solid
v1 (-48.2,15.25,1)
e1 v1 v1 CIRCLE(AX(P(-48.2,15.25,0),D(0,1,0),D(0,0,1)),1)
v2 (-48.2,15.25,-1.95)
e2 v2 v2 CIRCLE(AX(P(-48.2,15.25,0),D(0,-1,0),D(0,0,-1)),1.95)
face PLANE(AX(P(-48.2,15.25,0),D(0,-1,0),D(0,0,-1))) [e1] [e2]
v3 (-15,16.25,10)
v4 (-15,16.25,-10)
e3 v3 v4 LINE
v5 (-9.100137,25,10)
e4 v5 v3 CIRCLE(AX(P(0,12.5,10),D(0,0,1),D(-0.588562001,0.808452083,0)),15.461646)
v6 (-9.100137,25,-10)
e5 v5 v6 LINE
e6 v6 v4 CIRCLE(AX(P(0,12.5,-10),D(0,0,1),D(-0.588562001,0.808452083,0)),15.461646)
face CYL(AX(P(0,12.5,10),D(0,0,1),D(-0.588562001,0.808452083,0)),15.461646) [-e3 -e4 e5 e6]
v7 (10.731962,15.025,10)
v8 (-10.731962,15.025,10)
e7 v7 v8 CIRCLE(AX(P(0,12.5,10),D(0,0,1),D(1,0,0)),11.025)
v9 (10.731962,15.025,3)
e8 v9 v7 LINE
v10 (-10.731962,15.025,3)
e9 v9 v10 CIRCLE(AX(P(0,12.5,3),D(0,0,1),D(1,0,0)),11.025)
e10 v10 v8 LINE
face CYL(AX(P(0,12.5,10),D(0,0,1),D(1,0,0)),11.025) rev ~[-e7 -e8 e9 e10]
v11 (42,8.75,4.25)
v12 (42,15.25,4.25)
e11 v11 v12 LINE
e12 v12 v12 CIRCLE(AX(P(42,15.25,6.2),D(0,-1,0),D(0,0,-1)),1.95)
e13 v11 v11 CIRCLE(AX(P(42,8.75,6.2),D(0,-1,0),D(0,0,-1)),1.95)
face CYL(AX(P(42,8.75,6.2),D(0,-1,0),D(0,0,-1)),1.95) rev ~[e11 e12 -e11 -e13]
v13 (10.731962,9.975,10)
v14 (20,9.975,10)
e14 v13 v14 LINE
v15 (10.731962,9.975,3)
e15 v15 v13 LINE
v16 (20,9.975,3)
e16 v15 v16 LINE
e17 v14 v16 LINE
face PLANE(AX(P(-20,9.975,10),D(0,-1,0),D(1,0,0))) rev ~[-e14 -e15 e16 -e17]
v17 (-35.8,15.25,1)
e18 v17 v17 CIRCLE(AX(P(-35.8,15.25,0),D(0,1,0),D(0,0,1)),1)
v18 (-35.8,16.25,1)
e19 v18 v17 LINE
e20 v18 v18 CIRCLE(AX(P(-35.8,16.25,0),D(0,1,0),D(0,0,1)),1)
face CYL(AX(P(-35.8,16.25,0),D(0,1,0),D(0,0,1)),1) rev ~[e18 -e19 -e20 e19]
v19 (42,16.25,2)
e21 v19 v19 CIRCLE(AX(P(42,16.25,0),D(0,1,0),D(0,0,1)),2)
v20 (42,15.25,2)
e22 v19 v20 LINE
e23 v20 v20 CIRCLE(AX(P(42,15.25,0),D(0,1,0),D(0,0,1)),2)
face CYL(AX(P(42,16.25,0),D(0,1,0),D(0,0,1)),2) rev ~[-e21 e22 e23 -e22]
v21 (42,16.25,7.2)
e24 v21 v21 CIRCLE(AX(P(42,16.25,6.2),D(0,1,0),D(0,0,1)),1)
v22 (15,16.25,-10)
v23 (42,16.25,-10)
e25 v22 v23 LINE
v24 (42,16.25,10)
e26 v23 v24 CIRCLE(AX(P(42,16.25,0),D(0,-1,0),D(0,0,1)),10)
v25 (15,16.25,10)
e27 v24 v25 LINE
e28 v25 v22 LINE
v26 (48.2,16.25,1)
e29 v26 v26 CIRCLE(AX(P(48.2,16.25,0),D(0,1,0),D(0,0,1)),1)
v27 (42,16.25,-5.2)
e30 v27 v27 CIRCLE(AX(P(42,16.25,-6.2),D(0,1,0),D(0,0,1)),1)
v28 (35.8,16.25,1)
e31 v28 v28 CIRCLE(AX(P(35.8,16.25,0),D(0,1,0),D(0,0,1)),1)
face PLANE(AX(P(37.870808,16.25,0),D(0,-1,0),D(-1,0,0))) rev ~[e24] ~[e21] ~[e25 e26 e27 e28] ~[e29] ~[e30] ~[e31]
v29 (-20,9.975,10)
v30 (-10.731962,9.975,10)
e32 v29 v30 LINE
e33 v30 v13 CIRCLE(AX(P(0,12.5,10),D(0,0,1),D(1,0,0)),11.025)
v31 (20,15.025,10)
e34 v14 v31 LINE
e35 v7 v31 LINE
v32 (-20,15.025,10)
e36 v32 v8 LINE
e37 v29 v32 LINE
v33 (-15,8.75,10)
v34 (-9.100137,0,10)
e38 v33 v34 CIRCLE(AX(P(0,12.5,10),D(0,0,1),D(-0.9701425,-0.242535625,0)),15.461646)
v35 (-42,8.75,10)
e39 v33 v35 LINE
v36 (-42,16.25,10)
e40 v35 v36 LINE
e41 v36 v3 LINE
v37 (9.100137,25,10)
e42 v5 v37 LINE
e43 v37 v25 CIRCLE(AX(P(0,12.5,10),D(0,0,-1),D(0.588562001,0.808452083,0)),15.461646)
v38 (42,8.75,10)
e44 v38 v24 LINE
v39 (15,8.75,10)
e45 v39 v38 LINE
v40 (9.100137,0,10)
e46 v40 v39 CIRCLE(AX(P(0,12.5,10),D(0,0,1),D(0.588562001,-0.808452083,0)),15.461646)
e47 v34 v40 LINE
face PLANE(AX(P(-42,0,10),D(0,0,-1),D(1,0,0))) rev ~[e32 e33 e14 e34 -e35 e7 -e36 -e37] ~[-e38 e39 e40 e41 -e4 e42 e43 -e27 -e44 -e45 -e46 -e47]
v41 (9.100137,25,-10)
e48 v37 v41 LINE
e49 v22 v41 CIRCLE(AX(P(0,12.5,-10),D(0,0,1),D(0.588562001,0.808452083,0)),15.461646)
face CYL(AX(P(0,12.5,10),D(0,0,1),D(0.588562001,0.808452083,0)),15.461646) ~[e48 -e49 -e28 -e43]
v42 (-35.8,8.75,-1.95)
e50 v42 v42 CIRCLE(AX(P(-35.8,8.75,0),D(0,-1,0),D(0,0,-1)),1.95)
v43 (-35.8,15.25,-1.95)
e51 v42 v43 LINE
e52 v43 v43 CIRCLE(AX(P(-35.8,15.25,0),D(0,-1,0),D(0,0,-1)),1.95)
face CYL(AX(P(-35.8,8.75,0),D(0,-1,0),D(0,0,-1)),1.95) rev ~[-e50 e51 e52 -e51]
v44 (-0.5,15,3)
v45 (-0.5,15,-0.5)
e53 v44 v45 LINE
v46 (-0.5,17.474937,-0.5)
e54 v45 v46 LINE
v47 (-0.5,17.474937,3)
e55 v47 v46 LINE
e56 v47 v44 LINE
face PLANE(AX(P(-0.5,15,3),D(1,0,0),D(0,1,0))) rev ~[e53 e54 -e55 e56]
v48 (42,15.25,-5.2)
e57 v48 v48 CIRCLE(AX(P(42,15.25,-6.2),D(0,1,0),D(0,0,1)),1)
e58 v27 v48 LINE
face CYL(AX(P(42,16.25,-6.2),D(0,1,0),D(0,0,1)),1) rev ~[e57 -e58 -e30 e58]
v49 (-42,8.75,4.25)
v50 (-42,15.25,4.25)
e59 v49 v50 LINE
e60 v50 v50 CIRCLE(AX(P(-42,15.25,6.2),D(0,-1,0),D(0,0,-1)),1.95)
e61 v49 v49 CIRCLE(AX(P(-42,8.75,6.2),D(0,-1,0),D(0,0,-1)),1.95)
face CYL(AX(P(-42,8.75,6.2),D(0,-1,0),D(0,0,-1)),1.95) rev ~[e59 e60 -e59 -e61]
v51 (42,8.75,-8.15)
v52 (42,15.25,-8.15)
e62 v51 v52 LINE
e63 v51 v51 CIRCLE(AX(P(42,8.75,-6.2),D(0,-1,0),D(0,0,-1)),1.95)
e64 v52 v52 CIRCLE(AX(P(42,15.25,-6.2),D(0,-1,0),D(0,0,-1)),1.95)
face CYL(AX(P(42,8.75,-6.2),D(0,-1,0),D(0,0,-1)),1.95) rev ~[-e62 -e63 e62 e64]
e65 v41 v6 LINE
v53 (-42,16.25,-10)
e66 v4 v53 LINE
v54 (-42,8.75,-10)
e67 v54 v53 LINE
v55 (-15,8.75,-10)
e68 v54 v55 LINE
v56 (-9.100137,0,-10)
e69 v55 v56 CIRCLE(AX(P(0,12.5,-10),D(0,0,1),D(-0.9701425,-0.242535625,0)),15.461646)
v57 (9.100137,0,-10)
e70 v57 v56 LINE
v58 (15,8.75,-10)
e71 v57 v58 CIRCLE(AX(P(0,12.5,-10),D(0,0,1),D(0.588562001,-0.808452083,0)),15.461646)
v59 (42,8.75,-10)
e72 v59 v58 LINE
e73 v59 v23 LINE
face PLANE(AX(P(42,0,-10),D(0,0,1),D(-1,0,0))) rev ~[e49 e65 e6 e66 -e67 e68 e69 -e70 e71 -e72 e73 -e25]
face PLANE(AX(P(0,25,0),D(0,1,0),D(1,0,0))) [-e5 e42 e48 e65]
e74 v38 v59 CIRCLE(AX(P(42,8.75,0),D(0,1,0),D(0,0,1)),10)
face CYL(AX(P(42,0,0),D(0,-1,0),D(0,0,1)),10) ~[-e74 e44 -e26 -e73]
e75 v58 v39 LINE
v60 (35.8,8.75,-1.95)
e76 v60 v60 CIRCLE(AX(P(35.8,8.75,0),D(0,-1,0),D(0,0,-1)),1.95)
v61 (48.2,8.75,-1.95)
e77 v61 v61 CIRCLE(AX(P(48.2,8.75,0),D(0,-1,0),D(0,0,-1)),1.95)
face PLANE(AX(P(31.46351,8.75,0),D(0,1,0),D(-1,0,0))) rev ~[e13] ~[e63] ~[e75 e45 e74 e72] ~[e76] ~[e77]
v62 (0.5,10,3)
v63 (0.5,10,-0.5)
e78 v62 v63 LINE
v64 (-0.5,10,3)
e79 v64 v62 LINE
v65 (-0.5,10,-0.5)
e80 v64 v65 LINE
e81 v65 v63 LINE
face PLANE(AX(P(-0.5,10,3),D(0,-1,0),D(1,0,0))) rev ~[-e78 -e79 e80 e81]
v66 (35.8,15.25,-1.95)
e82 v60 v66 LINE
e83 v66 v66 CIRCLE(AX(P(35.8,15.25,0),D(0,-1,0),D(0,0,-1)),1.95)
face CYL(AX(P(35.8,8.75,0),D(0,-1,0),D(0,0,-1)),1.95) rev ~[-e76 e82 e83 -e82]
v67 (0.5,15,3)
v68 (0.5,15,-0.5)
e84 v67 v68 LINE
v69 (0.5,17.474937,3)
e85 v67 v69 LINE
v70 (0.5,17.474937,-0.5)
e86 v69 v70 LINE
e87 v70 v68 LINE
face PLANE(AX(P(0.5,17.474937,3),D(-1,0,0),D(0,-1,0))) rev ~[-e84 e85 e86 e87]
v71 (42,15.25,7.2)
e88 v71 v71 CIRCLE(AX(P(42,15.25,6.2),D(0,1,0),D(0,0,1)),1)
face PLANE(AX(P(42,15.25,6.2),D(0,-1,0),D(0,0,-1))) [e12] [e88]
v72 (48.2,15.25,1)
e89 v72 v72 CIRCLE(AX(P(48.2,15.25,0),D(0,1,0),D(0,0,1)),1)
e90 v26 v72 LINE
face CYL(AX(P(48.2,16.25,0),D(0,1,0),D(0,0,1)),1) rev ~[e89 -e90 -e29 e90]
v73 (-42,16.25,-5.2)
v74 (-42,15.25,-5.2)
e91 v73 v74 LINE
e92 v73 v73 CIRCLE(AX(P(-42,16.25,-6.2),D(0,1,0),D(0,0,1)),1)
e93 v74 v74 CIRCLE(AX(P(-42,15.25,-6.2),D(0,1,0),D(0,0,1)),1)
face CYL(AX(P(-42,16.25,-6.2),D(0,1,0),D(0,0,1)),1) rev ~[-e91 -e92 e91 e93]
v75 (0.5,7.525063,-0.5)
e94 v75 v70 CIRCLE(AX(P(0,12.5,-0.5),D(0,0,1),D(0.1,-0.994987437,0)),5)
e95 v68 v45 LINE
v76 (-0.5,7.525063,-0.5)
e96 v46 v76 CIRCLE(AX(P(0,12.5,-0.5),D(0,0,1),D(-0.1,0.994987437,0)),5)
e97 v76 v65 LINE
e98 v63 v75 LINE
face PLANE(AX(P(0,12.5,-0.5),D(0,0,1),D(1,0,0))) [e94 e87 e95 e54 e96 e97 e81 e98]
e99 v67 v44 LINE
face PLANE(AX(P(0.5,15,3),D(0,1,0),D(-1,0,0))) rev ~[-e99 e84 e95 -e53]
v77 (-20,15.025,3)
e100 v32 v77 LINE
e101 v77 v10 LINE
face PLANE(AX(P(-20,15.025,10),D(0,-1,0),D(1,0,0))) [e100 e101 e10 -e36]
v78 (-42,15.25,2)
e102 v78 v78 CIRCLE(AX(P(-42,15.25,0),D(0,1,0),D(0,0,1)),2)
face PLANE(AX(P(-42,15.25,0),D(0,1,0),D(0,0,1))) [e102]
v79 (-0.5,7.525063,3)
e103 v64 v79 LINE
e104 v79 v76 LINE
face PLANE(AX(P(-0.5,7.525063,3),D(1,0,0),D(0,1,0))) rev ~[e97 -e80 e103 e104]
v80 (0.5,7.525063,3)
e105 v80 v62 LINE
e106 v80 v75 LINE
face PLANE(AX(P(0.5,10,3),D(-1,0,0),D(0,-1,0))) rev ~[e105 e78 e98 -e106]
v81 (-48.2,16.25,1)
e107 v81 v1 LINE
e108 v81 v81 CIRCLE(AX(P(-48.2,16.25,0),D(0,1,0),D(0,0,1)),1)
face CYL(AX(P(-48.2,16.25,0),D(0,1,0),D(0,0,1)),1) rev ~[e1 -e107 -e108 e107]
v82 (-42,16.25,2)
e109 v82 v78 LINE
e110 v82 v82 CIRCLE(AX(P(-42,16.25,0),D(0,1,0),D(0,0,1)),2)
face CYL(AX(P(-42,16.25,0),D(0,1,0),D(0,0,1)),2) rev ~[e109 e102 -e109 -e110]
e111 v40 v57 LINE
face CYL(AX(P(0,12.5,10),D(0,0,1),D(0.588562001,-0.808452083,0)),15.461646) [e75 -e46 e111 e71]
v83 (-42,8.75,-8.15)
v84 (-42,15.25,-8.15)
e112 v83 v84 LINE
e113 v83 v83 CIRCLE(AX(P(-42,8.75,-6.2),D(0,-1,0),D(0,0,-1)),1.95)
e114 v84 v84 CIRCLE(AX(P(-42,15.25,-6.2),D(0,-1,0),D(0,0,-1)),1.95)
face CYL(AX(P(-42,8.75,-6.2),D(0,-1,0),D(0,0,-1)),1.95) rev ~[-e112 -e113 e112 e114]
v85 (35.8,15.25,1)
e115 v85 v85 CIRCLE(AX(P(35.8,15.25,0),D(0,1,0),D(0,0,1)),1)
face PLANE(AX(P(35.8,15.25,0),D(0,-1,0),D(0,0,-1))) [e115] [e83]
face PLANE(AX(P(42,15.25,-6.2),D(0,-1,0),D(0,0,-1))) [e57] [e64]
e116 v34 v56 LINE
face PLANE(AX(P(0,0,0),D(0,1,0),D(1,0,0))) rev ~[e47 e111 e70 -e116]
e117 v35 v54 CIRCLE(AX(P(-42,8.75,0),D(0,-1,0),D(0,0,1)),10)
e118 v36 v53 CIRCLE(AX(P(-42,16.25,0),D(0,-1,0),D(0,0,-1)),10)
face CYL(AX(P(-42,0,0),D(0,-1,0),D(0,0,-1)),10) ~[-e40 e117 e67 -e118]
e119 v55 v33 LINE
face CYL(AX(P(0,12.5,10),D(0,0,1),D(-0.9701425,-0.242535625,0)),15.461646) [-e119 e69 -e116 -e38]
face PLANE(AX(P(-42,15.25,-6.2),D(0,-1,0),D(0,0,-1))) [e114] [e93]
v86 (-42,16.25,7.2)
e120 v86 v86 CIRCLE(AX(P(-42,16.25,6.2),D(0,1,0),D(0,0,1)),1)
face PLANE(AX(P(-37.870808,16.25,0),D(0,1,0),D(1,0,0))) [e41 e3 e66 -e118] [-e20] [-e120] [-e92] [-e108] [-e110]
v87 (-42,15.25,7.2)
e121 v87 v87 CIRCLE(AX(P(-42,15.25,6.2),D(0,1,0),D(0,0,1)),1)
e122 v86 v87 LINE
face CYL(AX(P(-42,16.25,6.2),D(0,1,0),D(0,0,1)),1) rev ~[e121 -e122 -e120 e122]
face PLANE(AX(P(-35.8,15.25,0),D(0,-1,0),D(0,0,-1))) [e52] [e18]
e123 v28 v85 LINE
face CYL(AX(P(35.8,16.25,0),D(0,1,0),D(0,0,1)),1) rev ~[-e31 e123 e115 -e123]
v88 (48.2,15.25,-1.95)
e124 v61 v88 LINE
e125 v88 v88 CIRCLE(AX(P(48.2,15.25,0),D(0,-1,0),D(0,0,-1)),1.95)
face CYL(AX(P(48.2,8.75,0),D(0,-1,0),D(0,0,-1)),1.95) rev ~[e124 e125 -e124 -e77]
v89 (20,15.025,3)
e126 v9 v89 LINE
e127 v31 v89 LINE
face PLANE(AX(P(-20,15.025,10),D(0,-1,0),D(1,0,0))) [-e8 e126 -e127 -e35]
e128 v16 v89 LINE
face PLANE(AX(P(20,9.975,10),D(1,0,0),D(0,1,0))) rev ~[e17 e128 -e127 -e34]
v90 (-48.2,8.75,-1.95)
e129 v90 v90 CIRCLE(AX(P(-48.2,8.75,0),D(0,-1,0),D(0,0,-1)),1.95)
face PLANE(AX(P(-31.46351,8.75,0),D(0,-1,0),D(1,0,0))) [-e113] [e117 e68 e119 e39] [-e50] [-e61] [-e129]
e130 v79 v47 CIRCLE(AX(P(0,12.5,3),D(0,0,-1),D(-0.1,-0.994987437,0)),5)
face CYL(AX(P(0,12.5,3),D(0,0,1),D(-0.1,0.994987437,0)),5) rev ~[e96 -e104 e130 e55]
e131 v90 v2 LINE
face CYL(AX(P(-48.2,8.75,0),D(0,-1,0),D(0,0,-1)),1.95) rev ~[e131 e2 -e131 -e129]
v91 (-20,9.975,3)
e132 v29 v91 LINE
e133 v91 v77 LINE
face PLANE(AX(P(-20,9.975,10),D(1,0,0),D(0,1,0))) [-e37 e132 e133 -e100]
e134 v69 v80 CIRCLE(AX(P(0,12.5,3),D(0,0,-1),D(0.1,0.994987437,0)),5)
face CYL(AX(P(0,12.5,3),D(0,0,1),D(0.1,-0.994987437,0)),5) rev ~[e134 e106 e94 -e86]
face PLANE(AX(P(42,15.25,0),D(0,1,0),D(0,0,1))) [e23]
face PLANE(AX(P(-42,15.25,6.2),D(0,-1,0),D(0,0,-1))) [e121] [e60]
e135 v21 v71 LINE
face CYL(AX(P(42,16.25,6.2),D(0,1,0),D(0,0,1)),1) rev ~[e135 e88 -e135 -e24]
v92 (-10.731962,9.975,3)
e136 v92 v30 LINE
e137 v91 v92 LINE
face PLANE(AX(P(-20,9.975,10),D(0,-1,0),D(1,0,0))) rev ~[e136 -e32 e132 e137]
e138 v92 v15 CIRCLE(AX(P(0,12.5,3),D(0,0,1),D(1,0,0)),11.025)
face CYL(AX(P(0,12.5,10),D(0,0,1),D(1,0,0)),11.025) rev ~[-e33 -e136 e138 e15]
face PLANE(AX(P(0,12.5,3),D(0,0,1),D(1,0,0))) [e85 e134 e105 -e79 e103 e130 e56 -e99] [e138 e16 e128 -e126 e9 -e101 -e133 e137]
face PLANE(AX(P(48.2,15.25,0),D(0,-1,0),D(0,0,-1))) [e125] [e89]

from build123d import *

# Parameters (mm, degrees)
BOSS_EXTRUDE1_DEPTH = 25
SKETCH2_R           = 11.025
CUT_EXTRUDE1_DEPTH  = 7
CUT_EXTRUDE3_DEPTH  = 8.75
CUT_EXTRUDE5_DEPTH  = 8.75
SKETCH5_R           = 1
CUT_EXTRUDE6_DEPTH  = 7.5
SKETCH6_R           = 1.95
CUT_EXTRUDE7_DEPTH  = 6.5
SKETCH7_R           = 2
CUT_EXTRUDE8_DEPTH  = 1
CUT_EXTRUDE9_DEPTH  = 62.065538563
CUT_EXTRUDE10_DEPTH = 3.5
SKETCH10_W          = 40
SKETCH10_H          = 5.05
CUT_EXTRUDE11_DEPTH = 7


with BuildPart() as part:
    # Sketch1 → Boss-Extrude1 (new body)
    with BuildSketch(Plane(origin=(0, 0, 0), x_dir=(1, 0, 0), z_dir=(0, 1, 0))):
        with BuildLine():
            Line((-42, -10), (42, -10))
            ThreePointArc((42, -10), (52, 0), (42, 10))
            Line((42, 10), (-42, 10))
            ThreePointArc((-42, 10), (-52, 0), (-42, -10))
        make_face()
    extrude(amount=BOSS_EXTRUDE1_DEPTH)

    # Sketch2 → Cut-Extrude1 (cut)
    with BuildSketch(Plane.XY.offset(10)):
        with Locations((0, 12.5)):
            Circle(SKETCH2_R)
    extrude(amount=-CUT_EXTRUDE1_DEPTH, mode=Mode.SUBTRACT)

    # Sketch3 → Cut-Extrude3 (cut)
    with BuildSketch(Plane.XZ):
        with BuildLine():
            Line((15, -10), (15, 10))
            Line((15, 10), (42, 10))
            ThreePointArc((42, 10), (52, 0), (42, -10))
            Line((42, -10), (15, -10))
        make_face()
        with BuildLine():
            Line((-15, -10), (-15, 10))
            Line((-15, 10), (-42, 10))
            ThreePointArc((-42, 10), (-52, 0), (-42, -10))
            Line((-42, -10), (-15, -10))
        make_face()
    extrude(amount=-CUT_EXTRUDE3_DEPTH, mode=Mode.SUBTRACT)

    # Sketch4 → Cut-Extrude5 (cut)
    with BuildSketch(Plane(origin=(0, 25, 0), x_dir=(1, 0, 0), z_dir=(0, 1, 0))):
        with BuildLine():
            Line((15, -10), (15, 10))
            Line((15, 10), (55, 10))
            ThreePointArc((55, 10), (65, 0), (55, -10))
            Line((55, -10), (15, -10))
        make_face()
        with BuildLine():
            Line((-15, -10), (-15, 10))
            Line((-15, 10), (-55, 10))
            ThreePointArc((-55, 10), (-65, 0), (-55, -10))
            Line((-55, -10), (-15, -10))
        make_face()
    extrude(amount=-CUT_EXTRUDE5_DEPTH, mode=Mode.SUBTRACT)

    # Sketch5 → Cut-Extrude6 (cut)
    with BuildSketch(Plane(origin=(0, 16.25, 0), x_dir=(1, 0, 0), z_dir=(0, 1, 0))):
        with Locations(Location((-42, 6.2, 0), (0, 0, 270))):
            Circle(SKETCH5_R)
        with Locations(Location((-35.8, 0, 0), (0, 0, 270))):
            Circle(SKETCH5_R)
        with Locations(Location((-42, -6.2, 0), (0, 0, 270))):
            Circle(SKETCH5_R)
        with Locations(Location((-48.2, 0, 0), (0, 0, 270))):
            Circle(SKETCH5_R)
        with Locations(Location((42, 6.2, 0), (0, 0, 270))):
            Circle(SKETCH5_R)
        with Locations(Location((48.2, 0, 0), (0, 0, 270))):
            Circle(SKETCH5_R)
        with Locations(Location((42, -6.2, 0), (0, 0, 270))):
            Circle(SKETCH5_R)
        with Locations(Location((35.8, 0, 0), (0, 0, 270))):
            Circle(SKETCH5_R)
    extrude(amount=-CUT_EXTRUDE6_DEPTH, mode=Mode.SUBTRACT)

    # Sketch6 → Cut-Extrude7 (cut)
    with BuildSketch(Plane.XZ.offset(-8.75)):
        with Locations(Location((-42, 6.2, 0), (0, 0, 270))):
            Circle(SKETCH6_R)
        with Locations(Location((-35.8, 0, 0), (0, 0, 270))):
            Circle(SKETCH6_R)
        with Locations(Location((-48.2, 0, 0), (0, 0, 270))):
            Circle(SKETCH6_R)
        with Locations(Location((-42, -6.2, 0), (0, 0, 270))):
            Circle(SKETCH6_R)
        with Locations(Location((42, 6.2, 0), (0, 0, 270))):
            Circle(SKETCH6_R)
        with Locations(Location((48.2, 0, 0), (0, 0, 270))):
            Circle(SKETCH6_R)
        with Locations(Location((35.8, 0, 0), (0, 0, 270))):
            Circle(SKETCH6_R)
        with Locations(Location((42, -6.2, 0), (0, 0, 270))):
            Circle(SKETCH6_R)
    extrude(amount=-CUT_EXTRUDE7_DEPTH, mode=Mode.SUBTRACT)

    # Sketch7 → Cut-Extrude8 (cut)
    with BuildSketch(Plane(origin=(0, 16.25, 0), x_dir=(1, 0, 0), z_dir=(0, 1, 0))):
        with Locations(Location((-42, 0, 0), (0, 0, 270))):
            Circle(SKETCH7_R)
        with Locations(Location((42, 0, 0), (0, 0, 270))):
            Circle(SKETCH7_R)
    extrude(amount=-CUT_EXTRUDE8_DEPTH, mode=Mode.SUBTRACT)

    # Sketch8 → Cut-Extrude9 (cut, through all)
    with BuildSketch(Plane.XY.offset(10)):
        with BuildLine():
            Line((-15, 16.25), (-15, 25))
            Line((-15, 25), (-9.100137362, 25))
            ThreePointArc((-9.100137362, 25), (-12.819702813, 21.143941218), (-15, 16.25))
        make_face()
        with BuildLine():
            Line((15, 0), (9.100137362, 0))
            ThreePointArc((9.100137362, 0), (12.819702813, 3.856058782), (15, 8.75))
            Line((15, 8.75), (15, 0))
        make_face()
        with BuildLine():
            Line((15, 25), (9.100137362, 25))
            ThreePointArc((9.100137362, 25), (12.819702813, 21.143941218), (15, 16.25))
            Line((15, 16.25), (15, 25))
        make_face()
        with BuildLine():
            Line((-15, 0), (-15, 8.75))
            ThreePointArc((-15, 8.75), (-12.819702813, 3.856058782), (-9.100137362, 0))
            Line((-9.100137362, 0), (-15, 0))
        make_face()
    extrude(amount=-CUT_EXTRUDE9_DEPTH, mode=Mode.SUBTRACT)

    # Sketch9 → Cut-Extrude10 (cut)
    with BuildSketch(Plane.XY.offset(3)):
        with BuildLine():
            Line((0.5, 10), (0.5, 7.525062814))
            ThreePointArc((0.5, 7.525062814), (5, 12.5), (0.5, 17.474937186))
            Line((0.5, 17.474937186), (0.5, 15))
            Line((0.5, 15), (-0.5, 15))
            Line((-0.5, 15), (-0.5, 17.474937186))
            ThreePointArc((-0.5, 17.474937186), (-5, 12.5), (-0.5, 7.525062814))
            Line((-0.5, 7.525062814), (-0.5, 10))
            Line((-0.5, 10), (0.5, 10))
        make_face()
    extrude(amount=-CUT_EXTRUDE10_DEPTH, mode=Mode.SUBTRACT)

    # Sketch10 → Cut-Extrude11 (cut)
    with BuildSketch(Plane.XY.offset(10)):
        with Locations((0, 12.5)):
            Rectangle(SKETCH10_W, SKETCH10_H)
    extrude(amount=-CUT_EXTRUDE11_DEPTH, mode=Mode.SUBTRACT)


solid = part.part
